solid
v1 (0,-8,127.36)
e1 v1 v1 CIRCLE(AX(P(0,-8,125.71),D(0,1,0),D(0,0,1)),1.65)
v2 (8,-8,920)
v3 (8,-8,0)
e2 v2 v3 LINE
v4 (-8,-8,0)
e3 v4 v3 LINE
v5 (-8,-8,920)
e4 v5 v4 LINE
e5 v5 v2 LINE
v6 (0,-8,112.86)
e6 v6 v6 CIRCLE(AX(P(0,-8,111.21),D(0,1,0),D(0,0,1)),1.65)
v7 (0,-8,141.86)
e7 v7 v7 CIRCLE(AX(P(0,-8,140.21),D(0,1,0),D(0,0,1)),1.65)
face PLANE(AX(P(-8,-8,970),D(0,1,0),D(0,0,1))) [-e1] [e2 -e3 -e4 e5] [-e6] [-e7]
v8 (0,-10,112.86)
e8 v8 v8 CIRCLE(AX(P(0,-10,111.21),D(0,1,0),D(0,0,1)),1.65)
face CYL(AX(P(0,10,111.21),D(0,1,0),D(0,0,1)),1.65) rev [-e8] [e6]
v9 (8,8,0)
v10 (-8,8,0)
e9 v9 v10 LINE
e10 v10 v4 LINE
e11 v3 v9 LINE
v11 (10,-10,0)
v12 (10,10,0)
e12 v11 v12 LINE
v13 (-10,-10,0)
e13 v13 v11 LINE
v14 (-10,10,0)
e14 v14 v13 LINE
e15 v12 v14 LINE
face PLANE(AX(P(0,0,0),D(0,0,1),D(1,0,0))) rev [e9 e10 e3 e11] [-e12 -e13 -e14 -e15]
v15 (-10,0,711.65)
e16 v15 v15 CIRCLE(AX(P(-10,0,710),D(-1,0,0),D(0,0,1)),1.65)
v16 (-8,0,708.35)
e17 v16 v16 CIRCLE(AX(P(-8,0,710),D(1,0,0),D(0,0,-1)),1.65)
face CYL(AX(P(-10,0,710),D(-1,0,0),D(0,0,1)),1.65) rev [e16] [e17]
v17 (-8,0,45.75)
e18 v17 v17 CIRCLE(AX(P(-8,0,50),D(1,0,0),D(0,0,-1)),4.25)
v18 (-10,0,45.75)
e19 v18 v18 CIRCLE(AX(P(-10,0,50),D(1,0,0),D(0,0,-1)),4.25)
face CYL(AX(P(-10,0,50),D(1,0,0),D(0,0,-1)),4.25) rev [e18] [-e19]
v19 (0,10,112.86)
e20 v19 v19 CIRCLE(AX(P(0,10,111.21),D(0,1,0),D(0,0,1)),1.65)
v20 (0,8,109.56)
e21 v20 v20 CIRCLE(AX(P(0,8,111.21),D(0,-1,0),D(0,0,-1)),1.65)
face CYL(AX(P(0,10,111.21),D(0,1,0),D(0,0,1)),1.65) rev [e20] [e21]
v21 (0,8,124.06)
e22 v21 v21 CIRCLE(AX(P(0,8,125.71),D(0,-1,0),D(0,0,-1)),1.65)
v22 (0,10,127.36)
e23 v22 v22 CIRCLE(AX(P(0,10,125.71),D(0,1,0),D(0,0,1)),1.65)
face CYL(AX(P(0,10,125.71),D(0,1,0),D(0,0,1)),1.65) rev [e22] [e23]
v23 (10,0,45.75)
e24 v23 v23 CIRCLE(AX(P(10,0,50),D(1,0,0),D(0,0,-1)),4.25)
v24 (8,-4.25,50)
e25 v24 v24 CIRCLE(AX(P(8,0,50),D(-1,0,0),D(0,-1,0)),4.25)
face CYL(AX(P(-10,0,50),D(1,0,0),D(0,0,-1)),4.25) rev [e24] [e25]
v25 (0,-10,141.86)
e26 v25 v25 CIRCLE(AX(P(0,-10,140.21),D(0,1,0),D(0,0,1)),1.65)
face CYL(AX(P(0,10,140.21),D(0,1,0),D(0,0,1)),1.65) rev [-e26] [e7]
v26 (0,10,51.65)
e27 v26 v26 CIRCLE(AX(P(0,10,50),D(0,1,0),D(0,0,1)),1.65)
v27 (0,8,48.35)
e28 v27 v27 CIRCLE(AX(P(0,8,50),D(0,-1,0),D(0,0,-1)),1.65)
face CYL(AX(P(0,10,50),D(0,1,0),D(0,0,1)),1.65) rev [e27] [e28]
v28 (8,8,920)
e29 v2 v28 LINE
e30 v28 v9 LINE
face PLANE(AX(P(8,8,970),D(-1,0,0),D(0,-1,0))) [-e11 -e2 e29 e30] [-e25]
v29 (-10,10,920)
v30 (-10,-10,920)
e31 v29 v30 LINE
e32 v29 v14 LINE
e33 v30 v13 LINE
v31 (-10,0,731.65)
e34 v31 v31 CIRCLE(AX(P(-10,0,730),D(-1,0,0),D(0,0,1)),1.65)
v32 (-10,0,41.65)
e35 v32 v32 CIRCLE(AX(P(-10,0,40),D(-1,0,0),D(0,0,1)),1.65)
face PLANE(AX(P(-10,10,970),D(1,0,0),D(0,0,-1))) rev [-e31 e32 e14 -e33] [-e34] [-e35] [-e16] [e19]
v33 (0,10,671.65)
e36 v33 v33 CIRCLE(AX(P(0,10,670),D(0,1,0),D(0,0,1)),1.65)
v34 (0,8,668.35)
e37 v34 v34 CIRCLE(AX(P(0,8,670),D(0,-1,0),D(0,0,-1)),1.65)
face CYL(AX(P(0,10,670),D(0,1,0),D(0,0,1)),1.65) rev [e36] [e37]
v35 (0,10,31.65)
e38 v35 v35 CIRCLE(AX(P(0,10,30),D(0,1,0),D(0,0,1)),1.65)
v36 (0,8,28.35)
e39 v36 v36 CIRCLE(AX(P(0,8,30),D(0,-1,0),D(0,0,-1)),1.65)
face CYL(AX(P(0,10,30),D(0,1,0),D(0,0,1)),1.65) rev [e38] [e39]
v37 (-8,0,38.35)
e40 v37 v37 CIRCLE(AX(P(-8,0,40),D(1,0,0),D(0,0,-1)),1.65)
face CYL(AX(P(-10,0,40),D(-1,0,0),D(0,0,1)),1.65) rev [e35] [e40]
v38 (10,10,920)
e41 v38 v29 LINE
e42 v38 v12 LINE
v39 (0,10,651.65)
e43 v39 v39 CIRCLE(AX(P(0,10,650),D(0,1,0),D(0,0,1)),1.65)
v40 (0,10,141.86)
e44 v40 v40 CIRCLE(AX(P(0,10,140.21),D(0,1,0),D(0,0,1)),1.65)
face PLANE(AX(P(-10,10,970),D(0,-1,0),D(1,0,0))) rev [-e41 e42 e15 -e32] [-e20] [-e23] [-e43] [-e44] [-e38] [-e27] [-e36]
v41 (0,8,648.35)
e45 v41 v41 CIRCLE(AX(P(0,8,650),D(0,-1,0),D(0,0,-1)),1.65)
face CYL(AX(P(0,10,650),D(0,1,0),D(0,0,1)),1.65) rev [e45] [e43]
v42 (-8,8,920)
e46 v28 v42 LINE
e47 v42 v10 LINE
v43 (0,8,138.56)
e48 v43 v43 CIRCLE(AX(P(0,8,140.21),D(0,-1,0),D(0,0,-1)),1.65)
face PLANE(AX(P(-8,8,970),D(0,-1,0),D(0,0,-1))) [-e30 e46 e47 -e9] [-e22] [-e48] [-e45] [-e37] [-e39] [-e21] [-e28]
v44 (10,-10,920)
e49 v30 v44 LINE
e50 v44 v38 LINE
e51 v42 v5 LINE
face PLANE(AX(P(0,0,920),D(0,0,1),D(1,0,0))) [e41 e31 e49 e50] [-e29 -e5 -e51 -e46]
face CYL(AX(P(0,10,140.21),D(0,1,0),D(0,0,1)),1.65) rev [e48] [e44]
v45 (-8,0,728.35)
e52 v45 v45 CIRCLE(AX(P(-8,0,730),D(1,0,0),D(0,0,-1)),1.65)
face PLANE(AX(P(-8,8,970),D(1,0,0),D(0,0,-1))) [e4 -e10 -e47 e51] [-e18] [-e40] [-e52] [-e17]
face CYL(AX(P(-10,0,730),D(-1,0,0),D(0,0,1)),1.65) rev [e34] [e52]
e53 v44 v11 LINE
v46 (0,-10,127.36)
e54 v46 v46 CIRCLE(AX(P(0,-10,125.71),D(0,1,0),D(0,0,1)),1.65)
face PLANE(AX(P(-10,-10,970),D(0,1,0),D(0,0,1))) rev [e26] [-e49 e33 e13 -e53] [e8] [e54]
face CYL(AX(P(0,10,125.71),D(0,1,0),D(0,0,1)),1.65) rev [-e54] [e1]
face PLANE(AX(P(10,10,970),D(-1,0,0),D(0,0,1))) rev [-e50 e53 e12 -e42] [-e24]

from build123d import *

# Parameters (mm, degrees)
SKETCH_1_W           = 20
SKETCH_1_H           = 20
SKETCH_1_W_2         = 16
SKETCH_1_H_2         = 16
EXTRUDE_1_DEPTH      = 970
CUT_EXTRUDE_1_DEPTH  = 20
CUT_EXTRUDE_2_DEPTH  = 10
SKETCH_6_W           = 27.825743136
SKETCH_6_H           = 21.841712354
CUT_EXTRUDE_8_DEPTH  = 50
SKETCH_9_R           = 1
CUT_EXTRUDE_9_DEPTH  = 10
M4X0_7_3_D           = 3.3
M4X0_7_2_D           = 3.3
M4X0_7_7_D           = 3.3
M4X0_7_7_DEPTH       = 11.5
M4X0_7_7_TIP         = 0.991420021
M4X0_7_9_D           = 3.3
M4X0_7_9_DEPTH       = 11.5
M4X0_7_9_TIP         = 0.991420021
SKETCH_26_R          = 1
CUT_EXTRUDE_10_DEPTH = 10
M4X0_7_10_D          = 3.3
M4X0_7_10_DEPTH      = 11.5
M4X0_7_10_TIP        = 0.991420021


with BuildPart() as part:
    # ｽｹｯﾁ1 → ﾎﾞｽ - 押し出し1 (new body)
    with BuildSketch(Plane.XY):
        Rectangle(SKETCH_1_W, SKETCH_1_H)
        Rectangle(SKETCH_1_W_2, SKETCH_1_H_2, mode=Mode.SUBTRACT)
    extrude(amount=EXTRUDE_1_DEPTH)

    # ｽｹｯﾁ2 → ｶｯﾄ - 押し出し1 (cut)
    with BuildSketch(Plane(origin=(10, 0, 0), x_dir=(0, 0, -1), z_dir=(1, 0, 0))):
        with BuildLine():
            ThreePointArc((-45.75, 0), (-50, 4.25), (-54.25, 0))
            Line((-54.25, 0), (-50, 0))
            Line((-50, 0), (-45.75, 0))
        make_face()
        with BuildLine():
            Line((-50, 0), (-54.25, 0))
            ThreePointArc((-54.25, 0), (-50, -4.25), (-45.75, 0))
            Line((-45.75, 0), (-50, 0))
        make_face()
    extrude(amount=-CUT_EXTRUDE_1_DEPTH, mode=Mode.SUBTRACT)

    # ｽｹｯﾁ3 → ｶｯﾄ - 押し出し2 (cut)
    with BuildSketch(Plane(origin=(0, 10, 0), x_dir=(1, 0, 0), z_dir=(0, 1, 0))):
        with BuildLine():
            ThreePointArc((0, -649), (-1, -650), (0, -651))
            Line((0, -651), (0, -650))
            Line((0, -650), (0, -649))
        make_face()
        with BuildLine():
            Line((0, -650), (0, -651))
            ThreePointArc((0, -651), (0.707106781, -650.707106781), (1, -650))
            ThreePointArc((1, -650), (0.707106781, -649.292893219), (0, -649))
            Line((0, -649), (0, -650))
        make_face()
        with BuildLine():
            ThreePointArc((0, -669), (-1, -670), (0, -671))
            Line((0, -671), (0, -670))
            Line((0, -670), (0, -669))
        make_face()
        with BuildLine():
            Line((0, -670), (0, -671))
            ThreePointArc((0, -671), (0.707106781, -670.707106781), (1, -670))
            ThreePointArc((1, -670), (0.707106781, -669.292893219), (0, -669))
            Line((0, -669), (0, -670))
        make_face()
    extrude(amount=-CUT_EXTRUDE_2_DEPTH, mode=Mode.SUBTRACT)

    # ｽｹｯﾁ6 → ｶｯﾄ - 押し出し8 (cut)
    with BuildSketch(Plane.XY.offset(970)):
        Rectangle(SKETCH_6_W, SKETCH_6_H)
    extrude(amount=-CUT_EXTRUDE_8_DEPTH, mode=Mode.SUBTRACT)

    # ｽｹｯﾁ9 → ｶｯﾄ - 押し出し9 (cut)
    with BuildSketch(Plane(origin=(0, 10, 0), x_dir=(1, 0, 0), z_dir=(0, 1, 0))):
        with Locations((0, -30)):
            Circle(SKETCH_9_R)
        with Locations((0, -50)):
            Circle(SKETCH_9_R)
    extrude(amount=-CUT_EXTRUDE_9_DEPTH, mode=Mode.SUBTRACT)

    # M4x0.7 ねじ穴3 (through all)
    with Locations(Plane(origin=(0, 10, 111.21), x_dir=(1, 0, 0), z_dir=(0, 1, 0))):
        with Locations((0, 0), (0, -29)):
            Hole(M4X0_7_3_D / 2)

    # M4x0.7 ねじ穴2 (through all)
    with Locations(Plane(origin=(0, 10, 125.71), x_dir=(1, 0, 0), z_dir=(0, 1, 0))):
        with Locations((0, 0)):
            Hole(M4X0_7_2_D / 2)

    # M4x0.7 ねじ穴7
    with Locations(Plane(origin=(0, 10, 650), x_dir=(1, 0, 0), z_dir=(0, 1, 0))):
        with Locations((0, 0), (0, -20)):
            Hole(M4X0_7_7_D / 2, depth=M4X0_7_7_DEPTH)
            with Locations((0, 0, -(M4X0_7_7_DEPTH + M4X0_7_7_TIP / 2))):  # 118° drill point
                Cone(0, M4X0_7_7_D / 2, M4X0_7_7_TIP, mode=Mode.SUBTRACT)

    # M4x0.7 ねじ穴9
    with Locations(Plane(origin=(0, 10, 30), x_dir=(1, 0, 0), z_dir=(0, 1, 0))):
        with Locations((0, 0), (0, -20)):
            Hole(M4X0_7_9_D / 2, depth=M4X0_7_9_DEPTH)
            with Locations((0, 0, -(M4X0_7_9_DEPTH + M4X0_7_9_TIP / 2))):  # 118° drill point
                Cone(0, M4X0_7_9_D / 2, M4X0_7_9_TIP, mode=Mode.SUBTRACT)

    # ｽｹｯﾁ26 → ｶｯﾄ - 押し出し10 (cut)
    with BuildSketch(Plane.ZY.offset(10)):
        with Locations((40, 0)):
            Circle(SKETCH_26_R)
        with Locations((710, 0)):
            Circle(SKETCH_26_R)
        with Locations((730, 0)):
            Circle(SKETCH_26_R)
    extrude(amount=-CUT_EXTRUDE_10_DEPTH, mode=Mode.SUBTRACT)

    # M4x0.7 ねじ穴10
    with Locations(Plane(origin=(-10, 0, 730), x_dir=(0, 0, -1), z_dir=(-1, 0, 0))):
        with Locations((0, 0), (20, 0), (690, 0)):
            Hole(M4X0_7_10_D / 2, depth=M4X0_7_10_DEPTH)
            with Locations((0, 0, -(M4X0_7_10_DEPTH + M4X0_7_10_TIP / 2))):  # 118° drill point
                Cone(0, M4X0_7_10_D / 2, M4X0_7_10_TIP, mode=Mode.SUBTRACT)


solid = part.part
